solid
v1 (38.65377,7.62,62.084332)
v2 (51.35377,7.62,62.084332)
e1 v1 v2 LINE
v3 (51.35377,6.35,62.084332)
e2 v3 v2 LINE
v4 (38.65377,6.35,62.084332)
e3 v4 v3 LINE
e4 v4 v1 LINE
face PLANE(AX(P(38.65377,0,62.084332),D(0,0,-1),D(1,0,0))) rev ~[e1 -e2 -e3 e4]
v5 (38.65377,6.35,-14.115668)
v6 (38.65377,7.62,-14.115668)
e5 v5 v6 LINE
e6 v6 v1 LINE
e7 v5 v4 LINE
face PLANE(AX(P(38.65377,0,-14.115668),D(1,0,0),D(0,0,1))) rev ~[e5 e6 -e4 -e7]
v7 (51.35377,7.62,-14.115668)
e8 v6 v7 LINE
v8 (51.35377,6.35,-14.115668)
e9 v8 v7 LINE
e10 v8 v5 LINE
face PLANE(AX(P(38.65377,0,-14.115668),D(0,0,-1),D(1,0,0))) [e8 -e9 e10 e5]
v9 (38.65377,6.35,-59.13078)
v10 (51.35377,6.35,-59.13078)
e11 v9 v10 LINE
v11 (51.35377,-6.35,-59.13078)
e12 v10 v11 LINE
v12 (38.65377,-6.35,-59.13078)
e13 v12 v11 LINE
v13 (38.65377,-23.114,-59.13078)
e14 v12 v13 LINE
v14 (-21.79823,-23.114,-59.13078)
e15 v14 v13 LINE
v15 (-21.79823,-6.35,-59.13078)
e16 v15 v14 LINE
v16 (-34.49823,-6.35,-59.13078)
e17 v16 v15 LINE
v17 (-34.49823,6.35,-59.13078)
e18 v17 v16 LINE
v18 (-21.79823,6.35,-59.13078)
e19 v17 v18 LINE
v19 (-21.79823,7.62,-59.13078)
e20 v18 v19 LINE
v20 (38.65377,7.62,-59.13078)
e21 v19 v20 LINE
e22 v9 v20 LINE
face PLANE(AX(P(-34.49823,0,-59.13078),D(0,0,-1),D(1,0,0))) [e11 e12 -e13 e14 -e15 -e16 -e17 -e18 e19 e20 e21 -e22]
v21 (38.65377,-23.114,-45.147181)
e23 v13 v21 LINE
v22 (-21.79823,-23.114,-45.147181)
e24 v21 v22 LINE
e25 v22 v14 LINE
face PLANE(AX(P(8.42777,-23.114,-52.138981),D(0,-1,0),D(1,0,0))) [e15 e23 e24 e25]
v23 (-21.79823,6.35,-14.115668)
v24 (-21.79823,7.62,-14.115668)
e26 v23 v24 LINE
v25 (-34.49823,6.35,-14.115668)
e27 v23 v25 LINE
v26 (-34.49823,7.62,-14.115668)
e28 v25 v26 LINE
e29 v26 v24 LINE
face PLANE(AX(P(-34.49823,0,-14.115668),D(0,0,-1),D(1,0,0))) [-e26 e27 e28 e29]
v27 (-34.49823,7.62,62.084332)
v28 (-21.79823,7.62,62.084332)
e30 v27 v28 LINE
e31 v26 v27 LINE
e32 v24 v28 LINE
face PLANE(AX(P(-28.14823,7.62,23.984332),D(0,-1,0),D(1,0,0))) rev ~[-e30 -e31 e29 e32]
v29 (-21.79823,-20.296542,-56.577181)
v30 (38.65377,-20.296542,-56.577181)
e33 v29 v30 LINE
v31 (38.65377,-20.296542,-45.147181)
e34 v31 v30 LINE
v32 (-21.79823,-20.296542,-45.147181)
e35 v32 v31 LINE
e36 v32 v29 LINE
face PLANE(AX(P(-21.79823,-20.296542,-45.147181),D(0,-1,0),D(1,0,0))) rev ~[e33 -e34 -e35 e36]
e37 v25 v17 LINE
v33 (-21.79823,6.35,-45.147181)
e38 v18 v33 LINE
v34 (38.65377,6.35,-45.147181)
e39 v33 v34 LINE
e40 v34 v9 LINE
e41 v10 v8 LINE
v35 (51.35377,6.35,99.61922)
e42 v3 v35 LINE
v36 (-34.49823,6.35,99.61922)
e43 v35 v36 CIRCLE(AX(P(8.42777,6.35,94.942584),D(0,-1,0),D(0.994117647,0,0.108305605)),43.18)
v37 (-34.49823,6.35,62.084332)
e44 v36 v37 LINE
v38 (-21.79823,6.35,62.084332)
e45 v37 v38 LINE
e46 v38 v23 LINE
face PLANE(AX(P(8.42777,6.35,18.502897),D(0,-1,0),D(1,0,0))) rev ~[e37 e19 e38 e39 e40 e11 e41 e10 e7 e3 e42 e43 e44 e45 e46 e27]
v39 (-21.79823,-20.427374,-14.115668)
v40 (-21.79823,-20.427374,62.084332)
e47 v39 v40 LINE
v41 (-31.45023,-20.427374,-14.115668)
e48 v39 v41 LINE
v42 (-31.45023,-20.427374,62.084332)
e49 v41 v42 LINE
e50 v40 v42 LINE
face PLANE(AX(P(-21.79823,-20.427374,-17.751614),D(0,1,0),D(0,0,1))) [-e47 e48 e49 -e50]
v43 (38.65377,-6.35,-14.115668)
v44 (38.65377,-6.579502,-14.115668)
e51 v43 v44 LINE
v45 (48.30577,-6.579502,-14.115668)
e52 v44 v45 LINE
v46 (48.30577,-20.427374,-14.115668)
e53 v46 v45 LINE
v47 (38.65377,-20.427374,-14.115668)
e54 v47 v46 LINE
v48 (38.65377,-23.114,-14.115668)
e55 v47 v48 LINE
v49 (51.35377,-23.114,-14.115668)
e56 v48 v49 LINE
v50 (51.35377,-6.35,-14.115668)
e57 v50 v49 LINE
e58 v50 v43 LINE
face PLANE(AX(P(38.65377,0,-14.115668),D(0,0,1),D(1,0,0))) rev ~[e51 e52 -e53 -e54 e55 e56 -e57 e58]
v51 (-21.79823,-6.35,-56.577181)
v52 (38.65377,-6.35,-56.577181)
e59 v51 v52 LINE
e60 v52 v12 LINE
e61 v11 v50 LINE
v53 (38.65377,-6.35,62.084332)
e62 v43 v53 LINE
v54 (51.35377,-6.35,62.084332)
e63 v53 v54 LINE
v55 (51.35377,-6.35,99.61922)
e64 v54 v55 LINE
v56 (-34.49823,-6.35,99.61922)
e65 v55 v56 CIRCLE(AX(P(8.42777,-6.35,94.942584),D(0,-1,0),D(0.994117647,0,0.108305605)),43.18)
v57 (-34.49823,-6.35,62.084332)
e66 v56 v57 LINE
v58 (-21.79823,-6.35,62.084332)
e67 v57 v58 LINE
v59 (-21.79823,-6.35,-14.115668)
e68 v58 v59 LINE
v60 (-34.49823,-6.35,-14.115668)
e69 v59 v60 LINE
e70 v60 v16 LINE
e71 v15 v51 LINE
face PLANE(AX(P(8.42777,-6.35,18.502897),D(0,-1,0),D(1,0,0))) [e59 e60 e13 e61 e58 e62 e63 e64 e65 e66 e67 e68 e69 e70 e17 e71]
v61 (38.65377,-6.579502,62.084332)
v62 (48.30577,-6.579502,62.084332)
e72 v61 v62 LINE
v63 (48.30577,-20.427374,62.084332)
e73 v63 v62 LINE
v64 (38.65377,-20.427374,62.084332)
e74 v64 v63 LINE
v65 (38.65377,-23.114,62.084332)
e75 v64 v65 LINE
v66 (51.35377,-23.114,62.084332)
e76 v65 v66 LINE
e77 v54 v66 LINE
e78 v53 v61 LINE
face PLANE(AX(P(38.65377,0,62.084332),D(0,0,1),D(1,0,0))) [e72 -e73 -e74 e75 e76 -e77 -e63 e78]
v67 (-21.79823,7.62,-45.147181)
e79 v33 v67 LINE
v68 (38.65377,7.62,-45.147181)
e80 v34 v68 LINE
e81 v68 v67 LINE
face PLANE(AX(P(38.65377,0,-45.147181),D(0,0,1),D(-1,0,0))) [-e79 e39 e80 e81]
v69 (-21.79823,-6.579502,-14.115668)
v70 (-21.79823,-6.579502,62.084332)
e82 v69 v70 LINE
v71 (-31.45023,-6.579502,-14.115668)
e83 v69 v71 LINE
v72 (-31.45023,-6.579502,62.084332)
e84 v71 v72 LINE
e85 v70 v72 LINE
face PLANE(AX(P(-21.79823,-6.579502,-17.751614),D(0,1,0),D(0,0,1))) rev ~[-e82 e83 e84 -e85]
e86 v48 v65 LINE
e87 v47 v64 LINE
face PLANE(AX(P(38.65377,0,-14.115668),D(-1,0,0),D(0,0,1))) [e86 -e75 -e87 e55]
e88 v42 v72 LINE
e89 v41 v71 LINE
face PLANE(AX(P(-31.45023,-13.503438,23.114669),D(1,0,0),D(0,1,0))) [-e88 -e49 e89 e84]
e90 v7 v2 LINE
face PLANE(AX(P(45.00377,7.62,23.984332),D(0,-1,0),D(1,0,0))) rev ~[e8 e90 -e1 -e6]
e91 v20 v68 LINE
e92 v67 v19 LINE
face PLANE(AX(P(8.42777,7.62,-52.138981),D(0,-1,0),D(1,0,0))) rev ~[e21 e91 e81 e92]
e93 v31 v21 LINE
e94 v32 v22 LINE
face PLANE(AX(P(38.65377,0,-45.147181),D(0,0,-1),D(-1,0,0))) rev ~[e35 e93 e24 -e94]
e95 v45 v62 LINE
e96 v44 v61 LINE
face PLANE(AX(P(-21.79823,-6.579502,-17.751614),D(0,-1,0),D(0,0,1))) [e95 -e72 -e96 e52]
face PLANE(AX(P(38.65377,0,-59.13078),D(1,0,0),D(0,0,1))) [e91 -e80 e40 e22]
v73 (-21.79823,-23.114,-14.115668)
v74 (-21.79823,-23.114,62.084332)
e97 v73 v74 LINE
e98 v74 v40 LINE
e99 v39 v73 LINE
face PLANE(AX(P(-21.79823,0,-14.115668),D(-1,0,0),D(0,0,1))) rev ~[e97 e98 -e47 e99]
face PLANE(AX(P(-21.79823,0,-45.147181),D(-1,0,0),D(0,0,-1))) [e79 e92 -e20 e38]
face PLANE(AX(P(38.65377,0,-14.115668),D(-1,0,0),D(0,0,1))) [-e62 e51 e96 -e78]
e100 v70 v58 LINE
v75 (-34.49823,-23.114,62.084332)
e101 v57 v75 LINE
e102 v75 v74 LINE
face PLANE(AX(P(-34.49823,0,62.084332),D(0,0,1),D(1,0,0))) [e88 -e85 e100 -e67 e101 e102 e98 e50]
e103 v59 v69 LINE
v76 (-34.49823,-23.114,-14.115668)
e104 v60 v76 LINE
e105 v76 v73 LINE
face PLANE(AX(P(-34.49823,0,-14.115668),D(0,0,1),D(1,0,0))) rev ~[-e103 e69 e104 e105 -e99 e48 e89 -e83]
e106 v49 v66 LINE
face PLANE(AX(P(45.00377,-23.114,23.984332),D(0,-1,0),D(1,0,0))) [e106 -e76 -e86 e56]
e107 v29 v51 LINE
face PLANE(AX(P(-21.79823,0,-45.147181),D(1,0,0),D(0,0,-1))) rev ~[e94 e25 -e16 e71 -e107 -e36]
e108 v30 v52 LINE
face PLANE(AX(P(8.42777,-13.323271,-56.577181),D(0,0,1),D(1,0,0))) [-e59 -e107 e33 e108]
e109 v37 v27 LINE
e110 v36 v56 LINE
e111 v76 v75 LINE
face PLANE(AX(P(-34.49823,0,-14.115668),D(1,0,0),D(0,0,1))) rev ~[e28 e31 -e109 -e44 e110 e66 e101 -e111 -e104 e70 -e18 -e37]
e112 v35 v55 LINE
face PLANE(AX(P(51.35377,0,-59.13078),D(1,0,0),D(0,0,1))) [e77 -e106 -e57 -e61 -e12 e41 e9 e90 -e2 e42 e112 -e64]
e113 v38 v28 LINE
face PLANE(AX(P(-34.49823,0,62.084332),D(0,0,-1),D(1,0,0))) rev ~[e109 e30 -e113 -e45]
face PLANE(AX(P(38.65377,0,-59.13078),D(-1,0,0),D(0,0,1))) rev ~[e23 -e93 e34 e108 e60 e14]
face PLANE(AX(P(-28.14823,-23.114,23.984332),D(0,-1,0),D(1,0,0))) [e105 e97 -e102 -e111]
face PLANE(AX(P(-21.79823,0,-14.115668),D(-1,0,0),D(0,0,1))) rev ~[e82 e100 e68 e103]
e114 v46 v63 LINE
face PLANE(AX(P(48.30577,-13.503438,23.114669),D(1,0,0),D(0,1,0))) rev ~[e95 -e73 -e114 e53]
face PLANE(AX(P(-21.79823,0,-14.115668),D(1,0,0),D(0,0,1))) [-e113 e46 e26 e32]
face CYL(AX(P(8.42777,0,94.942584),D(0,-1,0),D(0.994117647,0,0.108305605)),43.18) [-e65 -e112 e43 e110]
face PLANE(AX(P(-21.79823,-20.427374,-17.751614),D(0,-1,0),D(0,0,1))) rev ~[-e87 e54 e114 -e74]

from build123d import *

# Parameters (mm, degrees)
F1_DEPTH      = 6.35
F0_W          = 12.7
F0_H          = 76.2
F2_DEPTH      = 23.114
F2_DEPTH_BACK = 7.62
F3_W          = 13.847873
F3_H          = 81.732566
F4_DEPTH      = 70.104
F4_DEPTH_BACK = 9.652
F5_W          = 60.452
F5_H          = 13.946542
F6_DEPTH      = 11.43


with BuildPart() as f1:
    # F0 (on Front) → F1 (new body, symmetric)
    with BuildSketch(Plane.XZ):
        Polygon((38.65377, -59.13078), (51.35377, -59.13078), (51.35377, -21.038081), (51.35377, -14.115668), (38.65377, -14.115668), (38.65377, 62.084332), (51.35377, 62.084332), (51.35377, 68.237185), (51.35377, 99.61922), (-34.49823, 99.61922), (-34.49823, 69.908112), (-34.49823, 62.084332), (-21.79823, 62.084332), (-21.79823, -14.115668), (-34.49823, -14.115668), (-34.49823, -20.321971), (-34.49823, -59.13078), (-30.726077, -59.13078), (-21.79823, -59.13078), (-21.79823, -45.147181), (38.65377, -45.147181), align=None)
        with BuildLine():
            Line((-34.49823, 99.61922), (51.35377, 99.61922))
            ThreePointArc((51.35377, 99.61922), (8.42777, 138.122584), (-34.49823, 99.61922))
        make_face()
    extrude(amount=F1_DEPTH, both=True)

    # F0 (on Front) → F2 (join, two sides)
    with BuildSketch(Plane.XZ) as f2_sk:
        with Locations((-28.14823, 23.984332)):
            Rectangle(F0_W, F0_H)
        with Locations((45.00377, 23.984332)):
            Rectangle(F0_W, F0_H)
        Polygon((35.63362, -59.13078), (38.65377, -59.13078), (38.65377, -45.147181), (-21.79823, -45.147181), (-21.79823, -59.13078), align=None)
    extrude(amount=F2_DEPTH)
    extrude(f2_sk.sketch, amount=-F2_DEPTH_BACK)

    # F3 (on face) → F4 (cut, two sides)
    with BuildSketch(Plane.YZ.offset(-21.79823)) as f4_sk:
        with Locations((-13.503438, 23.114669)):
            Rectangle(F3_W, F3_H)
    extrude(amount=F4_DEPTH, mode=Mode.SUBTRACT)
    extrude(f4_sk.sketch, amount=-F4_DEPTH_BACK, mode=Mode.SUBTRACT)

    # F5 (on face) → F6 (cut)
    with BuildSketch(Plane.XY.offset(-45.147181)):
        with Locations((8.42777, -13.323271)):
            Rectangle(F5_W, F5_H)
    extrude(amount=-F6_DEPTH, mode=Mode.SUBTRACT)


solid = f1.part
